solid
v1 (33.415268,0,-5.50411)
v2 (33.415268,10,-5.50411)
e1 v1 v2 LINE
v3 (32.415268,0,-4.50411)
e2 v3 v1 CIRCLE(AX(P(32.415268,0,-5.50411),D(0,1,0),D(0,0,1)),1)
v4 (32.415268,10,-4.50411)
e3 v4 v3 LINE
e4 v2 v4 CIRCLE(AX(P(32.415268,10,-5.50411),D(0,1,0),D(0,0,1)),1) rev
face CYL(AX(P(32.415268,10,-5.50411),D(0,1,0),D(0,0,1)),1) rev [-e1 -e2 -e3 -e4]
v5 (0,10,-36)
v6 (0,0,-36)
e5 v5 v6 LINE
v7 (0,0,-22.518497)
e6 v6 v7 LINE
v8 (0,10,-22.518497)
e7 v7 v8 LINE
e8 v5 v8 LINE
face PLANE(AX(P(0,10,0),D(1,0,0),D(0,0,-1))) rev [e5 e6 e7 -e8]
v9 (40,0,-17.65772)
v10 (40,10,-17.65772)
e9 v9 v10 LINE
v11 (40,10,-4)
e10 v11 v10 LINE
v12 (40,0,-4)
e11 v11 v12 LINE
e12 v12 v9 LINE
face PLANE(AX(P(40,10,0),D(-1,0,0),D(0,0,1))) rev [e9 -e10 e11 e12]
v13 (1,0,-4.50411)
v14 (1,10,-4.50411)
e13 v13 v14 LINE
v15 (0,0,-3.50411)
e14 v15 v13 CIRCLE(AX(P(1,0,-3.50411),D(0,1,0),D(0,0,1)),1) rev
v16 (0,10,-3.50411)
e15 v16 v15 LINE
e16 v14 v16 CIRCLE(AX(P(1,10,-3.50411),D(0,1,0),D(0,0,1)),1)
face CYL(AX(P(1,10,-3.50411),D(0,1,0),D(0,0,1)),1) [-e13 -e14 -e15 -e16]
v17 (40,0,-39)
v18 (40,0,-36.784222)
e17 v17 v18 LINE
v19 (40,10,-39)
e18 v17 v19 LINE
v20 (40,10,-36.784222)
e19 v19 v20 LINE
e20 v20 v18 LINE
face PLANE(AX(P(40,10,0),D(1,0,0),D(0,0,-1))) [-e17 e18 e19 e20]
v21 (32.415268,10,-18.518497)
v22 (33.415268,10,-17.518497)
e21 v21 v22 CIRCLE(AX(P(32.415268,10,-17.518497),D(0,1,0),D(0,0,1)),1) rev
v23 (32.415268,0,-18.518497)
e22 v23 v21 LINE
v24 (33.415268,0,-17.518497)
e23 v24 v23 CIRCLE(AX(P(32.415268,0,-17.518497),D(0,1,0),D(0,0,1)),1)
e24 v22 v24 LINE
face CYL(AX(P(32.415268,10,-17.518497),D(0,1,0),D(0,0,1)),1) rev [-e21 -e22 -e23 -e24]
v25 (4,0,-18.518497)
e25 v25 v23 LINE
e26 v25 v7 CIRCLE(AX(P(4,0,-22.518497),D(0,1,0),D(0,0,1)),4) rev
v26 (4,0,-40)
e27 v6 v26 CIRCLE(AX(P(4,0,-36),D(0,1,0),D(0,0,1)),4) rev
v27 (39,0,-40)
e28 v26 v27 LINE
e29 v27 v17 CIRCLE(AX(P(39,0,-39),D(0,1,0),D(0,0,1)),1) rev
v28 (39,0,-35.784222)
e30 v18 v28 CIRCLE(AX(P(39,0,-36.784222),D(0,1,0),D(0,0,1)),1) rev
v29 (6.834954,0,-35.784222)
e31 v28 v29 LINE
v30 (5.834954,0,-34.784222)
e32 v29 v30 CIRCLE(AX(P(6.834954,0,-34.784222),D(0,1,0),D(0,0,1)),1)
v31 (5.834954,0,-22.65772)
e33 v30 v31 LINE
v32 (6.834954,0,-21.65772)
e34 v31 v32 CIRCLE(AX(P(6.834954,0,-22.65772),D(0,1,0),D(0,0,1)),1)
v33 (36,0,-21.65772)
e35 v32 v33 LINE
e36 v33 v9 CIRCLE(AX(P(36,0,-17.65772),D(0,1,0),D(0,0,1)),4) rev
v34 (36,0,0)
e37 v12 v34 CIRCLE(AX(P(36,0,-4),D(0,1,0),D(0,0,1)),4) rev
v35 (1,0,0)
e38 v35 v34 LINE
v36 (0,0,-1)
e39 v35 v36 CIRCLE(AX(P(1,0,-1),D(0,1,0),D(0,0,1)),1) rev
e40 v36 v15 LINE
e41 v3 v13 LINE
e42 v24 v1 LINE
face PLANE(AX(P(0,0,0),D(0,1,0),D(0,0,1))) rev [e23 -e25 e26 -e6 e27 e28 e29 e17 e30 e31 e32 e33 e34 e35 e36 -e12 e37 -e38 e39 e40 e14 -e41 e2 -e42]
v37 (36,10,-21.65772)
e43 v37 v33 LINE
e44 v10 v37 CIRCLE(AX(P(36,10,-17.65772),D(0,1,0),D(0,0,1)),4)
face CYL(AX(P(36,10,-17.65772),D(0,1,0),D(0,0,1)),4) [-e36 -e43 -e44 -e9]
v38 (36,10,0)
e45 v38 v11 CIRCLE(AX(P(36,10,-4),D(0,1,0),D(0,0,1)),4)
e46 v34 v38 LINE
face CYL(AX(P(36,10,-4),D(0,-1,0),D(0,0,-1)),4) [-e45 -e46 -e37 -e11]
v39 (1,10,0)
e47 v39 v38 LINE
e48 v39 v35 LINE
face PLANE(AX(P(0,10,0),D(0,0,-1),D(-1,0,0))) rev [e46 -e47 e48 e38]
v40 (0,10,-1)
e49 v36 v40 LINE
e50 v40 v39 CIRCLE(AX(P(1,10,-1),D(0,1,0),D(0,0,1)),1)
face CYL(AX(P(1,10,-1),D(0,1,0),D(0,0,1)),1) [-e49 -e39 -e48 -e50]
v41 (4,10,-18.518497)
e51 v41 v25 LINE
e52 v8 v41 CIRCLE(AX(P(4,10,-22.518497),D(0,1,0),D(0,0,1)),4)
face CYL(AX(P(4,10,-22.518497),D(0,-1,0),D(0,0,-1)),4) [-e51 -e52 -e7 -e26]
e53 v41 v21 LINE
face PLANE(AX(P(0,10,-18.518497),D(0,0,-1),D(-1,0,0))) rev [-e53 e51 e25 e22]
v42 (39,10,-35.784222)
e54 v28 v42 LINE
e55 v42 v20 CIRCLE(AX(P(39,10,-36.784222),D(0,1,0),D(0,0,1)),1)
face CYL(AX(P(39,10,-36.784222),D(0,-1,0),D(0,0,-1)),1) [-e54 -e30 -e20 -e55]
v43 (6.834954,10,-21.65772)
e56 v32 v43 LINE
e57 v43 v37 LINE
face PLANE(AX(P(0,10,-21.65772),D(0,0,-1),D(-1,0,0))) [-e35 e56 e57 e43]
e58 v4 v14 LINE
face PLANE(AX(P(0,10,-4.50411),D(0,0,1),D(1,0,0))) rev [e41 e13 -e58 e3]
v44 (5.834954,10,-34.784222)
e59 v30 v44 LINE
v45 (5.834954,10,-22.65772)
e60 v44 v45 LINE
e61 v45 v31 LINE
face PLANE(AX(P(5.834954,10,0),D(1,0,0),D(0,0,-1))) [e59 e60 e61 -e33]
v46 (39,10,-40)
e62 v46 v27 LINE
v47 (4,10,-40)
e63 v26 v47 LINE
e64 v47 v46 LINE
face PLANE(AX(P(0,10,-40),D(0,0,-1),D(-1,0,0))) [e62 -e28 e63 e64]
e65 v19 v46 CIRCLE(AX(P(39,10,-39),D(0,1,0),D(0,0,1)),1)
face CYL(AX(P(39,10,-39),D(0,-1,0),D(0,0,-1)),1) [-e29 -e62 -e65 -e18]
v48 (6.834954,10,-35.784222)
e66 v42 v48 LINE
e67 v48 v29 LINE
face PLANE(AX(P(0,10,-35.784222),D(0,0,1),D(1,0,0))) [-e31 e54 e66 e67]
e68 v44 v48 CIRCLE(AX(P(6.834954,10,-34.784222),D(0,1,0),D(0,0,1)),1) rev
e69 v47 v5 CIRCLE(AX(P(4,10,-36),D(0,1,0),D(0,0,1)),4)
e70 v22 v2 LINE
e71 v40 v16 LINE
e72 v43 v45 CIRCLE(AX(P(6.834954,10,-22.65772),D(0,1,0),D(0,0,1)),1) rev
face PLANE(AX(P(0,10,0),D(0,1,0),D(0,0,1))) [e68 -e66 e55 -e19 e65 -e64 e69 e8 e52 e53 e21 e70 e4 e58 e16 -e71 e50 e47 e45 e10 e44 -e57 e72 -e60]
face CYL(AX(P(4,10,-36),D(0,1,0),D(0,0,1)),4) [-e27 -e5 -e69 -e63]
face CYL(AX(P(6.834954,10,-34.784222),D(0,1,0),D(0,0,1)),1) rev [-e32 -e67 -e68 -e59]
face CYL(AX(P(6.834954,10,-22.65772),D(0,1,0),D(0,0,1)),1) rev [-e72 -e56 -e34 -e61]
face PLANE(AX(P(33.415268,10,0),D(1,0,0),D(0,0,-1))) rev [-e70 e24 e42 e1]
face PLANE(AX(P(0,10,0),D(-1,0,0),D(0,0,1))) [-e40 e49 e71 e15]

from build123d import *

# Parameters (mm, degrees)
BOSS_EXTRUDE1_DEPTH = 10
FILLET1_R           = 4
FILLET2_R           = 1


with BuildPart() as part:
    # Sketch1 → Boss-Extrude1 (new body)
    with BuildSketch(Plane(origin=(0, 0, 0), x_dir=(1, 0, 0), z_dir=(0, 1, 0))):
        Polygon((0, 4.504109696), (0, 0), (33.415268294, 0), (40, 0), (40, 4.504109696), (40, 18.518496951), (40, 21.657719696), (33.415268294, 21.657719696), (5.834954176, 21.657719696), (5.834954176, 35.784222049), (40, 35.784222049), (40, 40), (5.834954176, 40), (0, 40), (0, 35.784222049), (0, 21.657719696), (0, 18.518496951), (33.415268294, 18.518496951), (33.415268294, 4.504109696), align=None)
    extrude(amount=BOSS_EXTRUDE1_DEPTH)

    # Fillet1
    fillet1_edges = [part.edges().sort_by_distance(p)[0] for p in [
        (0, 5, -18.518496951),
        (0, 5, -40),
        (40, 5, -21.657719696),
        (40, 5, 0),
    ]]
    fillet(fillet1_edges, radius=FILLET1_R)

    # Fillet2
    fillet2_edges = [part.edges().sort_by_distance(p)[0] for p in [
        (33.415268294, 5, -18.518496951),
        (40, 5, -40),
        (40, 5, -35.784222049),
        (5.834954176, 5, -35.784222049),
        (5.834954176, 5, -21.657719696),
        (0, 5, 0),
        (0, 5, -4.504109696),
        (33.415268294, 5, -4.504109696),
    ]]
    fillet(fillet2_edges, radius=FILLET2_R)


solid = part.part
